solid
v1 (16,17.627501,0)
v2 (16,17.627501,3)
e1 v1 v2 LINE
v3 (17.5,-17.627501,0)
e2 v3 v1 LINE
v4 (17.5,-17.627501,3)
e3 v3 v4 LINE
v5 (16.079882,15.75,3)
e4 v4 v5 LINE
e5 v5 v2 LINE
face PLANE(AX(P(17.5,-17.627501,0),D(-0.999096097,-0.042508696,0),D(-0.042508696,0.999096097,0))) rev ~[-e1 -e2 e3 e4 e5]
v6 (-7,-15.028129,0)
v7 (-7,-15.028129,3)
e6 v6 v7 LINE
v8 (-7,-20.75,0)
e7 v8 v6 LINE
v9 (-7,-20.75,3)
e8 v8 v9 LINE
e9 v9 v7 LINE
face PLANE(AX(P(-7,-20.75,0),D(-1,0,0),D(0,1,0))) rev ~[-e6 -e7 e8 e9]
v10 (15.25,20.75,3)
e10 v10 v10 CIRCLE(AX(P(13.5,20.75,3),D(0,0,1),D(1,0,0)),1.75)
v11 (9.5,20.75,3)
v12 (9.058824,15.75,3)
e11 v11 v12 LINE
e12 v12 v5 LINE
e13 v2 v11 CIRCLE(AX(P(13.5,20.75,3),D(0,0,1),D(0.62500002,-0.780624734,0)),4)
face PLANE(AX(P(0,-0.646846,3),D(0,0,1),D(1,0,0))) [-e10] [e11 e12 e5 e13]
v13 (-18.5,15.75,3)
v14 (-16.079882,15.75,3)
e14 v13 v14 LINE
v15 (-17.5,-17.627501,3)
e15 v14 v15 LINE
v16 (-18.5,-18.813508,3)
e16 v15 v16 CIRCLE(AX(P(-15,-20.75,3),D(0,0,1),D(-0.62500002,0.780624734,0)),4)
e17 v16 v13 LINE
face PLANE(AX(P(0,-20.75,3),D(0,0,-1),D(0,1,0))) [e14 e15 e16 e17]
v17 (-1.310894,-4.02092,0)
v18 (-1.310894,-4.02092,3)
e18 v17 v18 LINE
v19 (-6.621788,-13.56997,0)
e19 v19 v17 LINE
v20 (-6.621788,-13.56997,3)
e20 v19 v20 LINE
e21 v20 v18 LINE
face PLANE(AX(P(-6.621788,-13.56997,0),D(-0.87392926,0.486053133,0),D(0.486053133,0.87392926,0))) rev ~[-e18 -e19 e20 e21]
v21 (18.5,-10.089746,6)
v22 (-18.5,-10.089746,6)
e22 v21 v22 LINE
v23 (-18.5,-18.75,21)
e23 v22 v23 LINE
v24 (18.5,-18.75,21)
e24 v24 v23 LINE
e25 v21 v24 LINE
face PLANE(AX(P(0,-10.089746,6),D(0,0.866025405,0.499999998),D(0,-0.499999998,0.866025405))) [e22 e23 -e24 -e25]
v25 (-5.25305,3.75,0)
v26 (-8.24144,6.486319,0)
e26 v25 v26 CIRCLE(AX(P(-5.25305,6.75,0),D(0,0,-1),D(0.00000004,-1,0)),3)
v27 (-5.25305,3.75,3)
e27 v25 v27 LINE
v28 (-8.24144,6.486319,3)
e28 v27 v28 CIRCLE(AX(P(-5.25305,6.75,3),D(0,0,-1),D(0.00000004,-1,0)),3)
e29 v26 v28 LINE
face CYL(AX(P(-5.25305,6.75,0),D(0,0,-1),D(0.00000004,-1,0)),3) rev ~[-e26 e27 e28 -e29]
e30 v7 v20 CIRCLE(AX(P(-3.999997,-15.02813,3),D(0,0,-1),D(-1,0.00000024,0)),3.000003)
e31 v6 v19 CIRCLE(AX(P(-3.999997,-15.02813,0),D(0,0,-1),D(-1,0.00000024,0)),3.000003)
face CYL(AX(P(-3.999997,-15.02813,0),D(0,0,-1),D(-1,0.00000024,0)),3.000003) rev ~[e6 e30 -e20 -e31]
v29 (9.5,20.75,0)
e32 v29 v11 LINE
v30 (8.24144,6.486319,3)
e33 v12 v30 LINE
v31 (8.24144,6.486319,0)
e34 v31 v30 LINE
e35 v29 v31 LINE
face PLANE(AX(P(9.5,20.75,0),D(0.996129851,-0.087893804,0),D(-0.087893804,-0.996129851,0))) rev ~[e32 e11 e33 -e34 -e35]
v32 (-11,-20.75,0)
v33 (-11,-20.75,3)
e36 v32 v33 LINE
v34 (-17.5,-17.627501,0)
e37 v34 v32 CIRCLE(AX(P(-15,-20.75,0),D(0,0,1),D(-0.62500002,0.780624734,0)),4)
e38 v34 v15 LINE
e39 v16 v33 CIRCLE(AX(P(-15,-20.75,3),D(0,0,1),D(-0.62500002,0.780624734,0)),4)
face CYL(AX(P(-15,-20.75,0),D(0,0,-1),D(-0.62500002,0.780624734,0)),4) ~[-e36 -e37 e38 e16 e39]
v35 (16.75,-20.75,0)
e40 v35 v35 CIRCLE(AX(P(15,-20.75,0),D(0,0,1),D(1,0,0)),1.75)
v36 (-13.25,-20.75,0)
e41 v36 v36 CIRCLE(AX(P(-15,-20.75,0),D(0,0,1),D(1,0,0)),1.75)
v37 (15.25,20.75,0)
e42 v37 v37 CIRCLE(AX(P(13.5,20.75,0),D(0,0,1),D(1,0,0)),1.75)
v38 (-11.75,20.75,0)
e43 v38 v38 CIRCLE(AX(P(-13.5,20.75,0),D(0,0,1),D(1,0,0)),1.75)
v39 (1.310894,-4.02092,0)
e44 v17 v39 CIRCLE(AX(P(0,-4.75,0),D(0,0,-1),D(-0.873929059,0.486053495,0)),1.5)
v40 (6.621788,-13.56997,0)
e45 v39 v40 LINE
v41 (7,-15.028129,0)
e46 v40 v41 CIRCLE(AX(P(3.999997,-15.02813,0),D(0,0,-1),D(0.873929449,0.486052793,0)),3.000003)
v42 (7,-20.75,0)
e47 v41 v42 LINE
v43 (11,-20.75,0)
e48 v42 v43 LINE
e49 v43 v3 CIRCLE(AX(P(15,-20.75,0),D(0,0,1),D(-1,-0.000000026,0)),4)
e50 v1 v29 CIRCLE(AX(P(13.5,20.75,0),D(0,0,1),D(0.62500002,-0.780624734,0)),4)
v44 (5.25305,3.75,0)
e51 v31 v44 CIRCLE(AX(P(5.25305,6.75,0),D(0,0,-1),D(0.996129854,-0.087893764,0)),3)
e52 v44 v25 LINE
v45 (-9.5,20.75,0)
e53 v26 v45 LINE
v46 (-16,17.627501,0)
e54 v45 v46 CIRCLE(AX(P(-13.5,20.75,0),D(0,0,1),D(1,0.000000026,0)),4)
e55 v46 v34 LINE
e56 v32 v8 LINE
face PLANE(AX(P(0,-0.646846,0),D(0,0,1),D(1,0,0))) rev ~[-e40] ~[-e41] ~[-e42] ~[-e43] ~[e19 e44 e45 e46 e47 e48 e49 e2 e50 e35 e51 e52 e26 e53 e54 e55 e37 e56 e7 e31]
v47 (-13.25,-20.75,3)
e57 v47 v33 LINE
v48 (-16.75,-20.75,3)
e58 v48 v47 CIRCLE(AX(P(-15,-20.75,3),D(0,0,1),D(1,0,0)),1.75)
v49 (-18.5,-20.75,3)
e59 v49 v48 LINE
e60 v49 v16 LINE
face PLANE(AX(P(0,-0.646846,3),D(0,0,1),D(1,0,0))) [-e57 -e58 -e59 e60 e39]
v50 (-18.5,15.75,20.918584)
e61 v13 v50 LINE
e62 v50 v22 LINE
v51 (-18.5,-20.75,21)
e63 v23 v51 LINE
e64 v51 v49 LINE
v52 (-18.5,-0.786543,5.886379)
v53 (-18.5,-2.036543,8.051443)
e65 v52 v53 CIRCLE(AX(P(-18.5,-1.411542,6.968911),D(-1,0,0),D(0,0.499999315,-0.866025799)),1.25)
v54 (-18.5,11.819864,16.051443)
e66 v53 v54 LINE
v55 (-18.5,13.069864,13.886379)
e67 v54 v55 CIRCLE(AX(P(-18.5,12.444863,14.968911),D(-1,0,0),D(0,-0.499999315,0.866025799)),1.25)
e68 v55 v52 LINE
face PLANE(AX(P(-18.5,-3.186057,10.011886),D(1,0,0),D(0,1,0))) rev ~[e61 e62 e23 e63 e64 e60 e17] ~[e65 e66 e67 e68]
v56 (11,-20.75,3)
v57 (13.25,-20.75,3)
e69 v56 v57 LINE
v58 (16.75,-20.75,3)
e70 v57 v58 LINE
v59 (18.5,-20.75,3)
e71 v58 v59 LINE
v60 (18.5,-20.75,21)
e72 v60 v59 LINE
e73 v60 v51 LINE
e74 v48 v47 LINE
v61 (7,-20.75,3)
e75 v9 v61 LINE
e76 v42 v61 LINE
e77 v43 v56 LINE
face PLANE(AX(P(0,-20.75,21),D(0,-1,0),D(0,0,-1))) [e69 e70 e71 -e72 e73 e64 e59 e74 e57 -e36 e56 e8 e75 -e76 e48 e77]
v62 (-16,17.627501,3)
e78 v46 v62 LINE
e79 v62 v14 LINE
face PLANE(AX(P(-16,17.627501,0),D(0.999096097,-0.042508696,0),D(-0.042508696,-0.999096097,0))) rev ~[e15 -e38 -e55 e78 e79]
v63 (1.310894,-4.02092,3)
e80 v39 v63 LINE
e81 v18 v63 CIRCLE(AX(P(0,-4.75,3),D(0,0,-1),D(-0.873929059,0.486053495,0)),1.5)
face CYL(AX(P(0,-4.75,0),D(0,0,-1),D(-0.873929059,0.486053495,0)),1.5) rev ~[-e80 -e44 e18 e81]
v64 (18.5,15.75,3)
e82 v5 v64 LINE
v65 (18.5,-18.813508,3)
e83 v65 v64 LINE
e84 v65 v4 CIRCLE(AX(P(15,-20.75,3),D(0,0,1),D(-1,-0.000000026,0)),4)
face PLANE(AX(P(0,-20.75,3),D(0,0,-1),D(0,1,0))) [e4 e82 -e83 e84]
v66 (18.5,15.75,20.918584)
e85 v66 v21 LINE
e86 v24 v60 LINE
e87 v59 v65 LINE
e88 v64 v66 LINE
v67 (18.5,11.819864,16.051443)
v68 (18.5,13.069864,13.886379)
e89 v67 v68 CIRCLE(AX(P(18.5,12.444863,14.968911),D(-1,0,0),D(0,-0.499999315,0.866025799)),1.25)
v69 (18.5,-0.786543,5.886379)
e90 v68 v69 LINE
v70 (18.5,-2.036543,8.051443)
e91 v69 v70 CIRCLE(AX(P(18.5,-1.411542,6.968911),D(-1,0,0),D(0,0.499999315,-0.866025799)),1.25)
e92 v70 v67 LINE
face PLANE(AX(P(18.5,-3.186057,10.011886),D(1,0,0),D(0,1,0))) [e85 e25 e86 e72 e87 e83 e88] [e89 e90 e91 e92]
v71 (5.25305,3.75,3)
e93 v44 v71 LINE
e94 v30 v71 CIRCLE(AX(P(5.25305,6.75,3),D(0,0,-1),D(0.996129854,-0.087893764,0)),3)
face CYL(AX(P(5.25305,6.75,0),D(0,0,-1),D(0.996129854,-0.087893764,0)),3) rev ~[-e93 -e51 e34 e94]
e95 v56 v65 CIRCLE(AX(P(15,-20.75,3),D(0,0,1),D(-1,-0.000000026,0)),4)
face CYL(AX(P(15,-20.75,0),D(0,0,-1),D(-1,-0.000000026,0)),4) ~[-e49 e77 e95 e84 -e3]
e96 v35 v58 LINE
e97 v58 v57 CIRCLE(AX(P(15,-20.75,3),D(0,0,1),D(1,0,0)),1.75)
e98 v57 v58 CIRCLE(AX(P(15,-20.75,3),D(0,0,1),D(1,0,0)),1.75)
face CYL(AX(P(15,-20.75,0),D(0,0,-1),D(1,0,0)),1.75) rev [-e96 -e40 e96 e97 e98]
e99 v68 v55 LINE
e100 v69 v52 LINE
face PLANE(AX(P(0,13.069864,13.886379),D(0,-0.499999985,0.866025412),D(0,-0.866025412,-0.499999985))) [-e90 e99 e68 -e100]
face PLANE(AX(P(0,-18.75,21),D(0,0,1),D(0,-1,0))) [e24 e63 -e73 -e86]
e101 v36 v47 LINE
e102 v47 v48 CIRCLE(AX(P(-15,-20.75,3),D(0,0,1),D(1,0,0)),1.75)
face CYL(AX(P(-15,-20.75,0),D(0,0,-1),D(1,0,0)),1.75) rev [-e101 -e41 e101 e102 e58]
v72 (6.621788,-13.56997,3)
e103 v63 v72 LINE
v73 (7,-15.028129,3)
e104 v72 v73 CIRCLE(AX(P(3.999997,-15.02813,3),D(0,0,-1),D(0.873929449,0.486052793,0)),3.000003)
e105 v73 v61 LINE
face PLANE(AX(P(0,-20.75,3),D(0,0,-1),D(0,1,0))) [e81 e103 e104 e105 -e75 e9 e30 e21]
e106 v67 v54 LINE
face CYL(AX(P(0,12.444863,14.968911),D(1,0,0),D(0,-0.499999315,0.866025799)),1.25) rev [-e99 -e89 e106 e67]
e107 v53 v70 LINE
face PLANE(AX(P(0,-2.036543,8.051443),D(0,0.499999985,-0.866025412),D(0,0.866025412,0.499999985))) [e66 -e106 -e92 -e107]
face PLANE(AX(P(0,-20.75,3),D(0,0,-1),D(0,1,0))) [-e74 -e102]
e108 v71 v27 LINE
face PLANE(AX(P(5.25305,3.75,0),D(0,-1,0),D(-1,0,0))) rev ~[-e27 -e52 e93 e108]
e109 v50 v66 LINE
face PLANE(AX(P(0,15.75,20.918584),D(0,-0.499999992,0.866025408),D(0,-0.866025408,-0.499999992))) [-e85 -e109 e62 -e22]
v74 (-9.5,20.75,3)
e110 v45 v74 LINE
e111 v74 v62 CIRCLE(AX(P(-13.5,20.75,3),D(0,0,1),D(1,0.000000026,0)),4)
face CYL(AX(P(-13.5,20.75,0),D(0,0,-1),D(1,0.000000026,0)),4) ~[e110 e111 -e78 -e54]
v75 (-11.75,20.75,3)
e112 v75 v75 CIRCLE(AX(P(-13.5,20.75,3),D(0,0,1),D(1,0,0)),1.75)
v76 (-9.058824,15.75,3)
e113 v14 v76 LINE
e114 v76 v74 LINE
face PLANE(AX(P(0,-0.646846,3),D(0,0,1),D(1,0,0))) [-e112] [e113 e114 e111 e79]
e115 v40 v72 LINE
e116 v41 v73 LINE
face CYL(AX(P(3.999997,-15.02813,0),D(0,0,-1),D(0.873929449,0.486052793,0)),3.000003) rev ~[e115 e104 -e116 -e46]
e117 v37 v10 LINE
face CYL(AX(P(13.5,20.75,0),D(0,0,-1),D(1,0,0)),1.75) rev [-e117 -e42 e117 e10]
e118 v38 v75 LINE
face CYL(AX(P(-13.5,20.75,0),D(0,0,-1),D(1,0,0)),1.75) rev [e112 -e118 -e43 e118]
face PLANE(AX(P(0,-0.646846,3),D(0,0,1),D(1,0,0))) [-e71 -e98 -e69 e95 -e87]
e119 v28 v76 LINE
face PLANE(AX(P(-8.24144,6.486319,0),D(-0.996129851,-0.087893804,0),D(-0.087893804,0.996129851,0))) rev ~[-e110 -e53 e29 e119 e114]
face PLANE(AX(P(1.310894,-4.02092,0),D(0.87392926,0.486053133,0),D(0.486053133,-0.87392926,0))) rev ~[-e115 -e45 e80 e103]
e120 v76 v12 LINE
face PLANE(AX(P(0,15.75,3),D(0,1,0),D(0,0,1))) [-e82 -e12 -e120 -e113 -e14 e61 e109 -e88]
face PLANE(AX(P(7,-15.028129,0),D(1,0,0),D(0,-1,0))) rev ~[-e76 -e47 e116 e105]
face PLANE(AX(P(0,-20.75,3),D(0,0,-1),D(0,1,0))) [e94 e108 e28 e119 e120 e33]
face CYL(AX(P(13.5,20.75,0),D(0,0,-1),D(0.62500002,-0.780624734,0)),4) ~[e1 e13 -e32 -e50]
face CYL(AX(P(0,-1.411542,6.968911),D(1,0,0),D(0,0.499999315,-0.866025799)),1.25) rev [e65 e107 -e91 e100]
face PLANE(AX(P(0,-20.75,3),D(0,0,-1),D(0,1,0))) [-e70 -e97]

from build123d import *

# Parameters (mm, degrees)
F0_R     = 1.75
F1_DEPTH = 3
F3_DEPTH = 18.5


with BuildPart() as f1:
    # F0 (on Top) → F1 (new body)
    with BuildSketch(Plane.XY):
        with BuildLine():
            ThreePointArc((16, 17.627501), (15.232051, 24.355551), (9.5, 20.75))
            Line((9.5, 20.75), (8.24144, 6.486319))
            ThreePointArc((8.24144, 6.486319), (7.279001, 4.537417), (5.25305, 3.75))
            Line((5.25305, 3.75), (0, 3.75))
            Line((0, 3.75), (-5.25305, 3.75))
            ThreePointArc((-5.25305, 3.75), (-7.279001, 4.537417), (-8.24144, 6.486319))
            Line((-8.24144, 6.486319), (-9.5, 20.75))
            ThreePointArc((-9.5, 20.75), (-15.232051, 24.355551), (-16, 17.627501))
            Line((-16, 17.627501), (-17.5, -17.627501))
            ThreePointArc((-17.5, -17.627501), (-16.732051, -24.355551), (-11, -20.75))
            Line((-11, -20.75), (-7, -20.75))
            Line((-7, -20.75), (-7, -15.028129))
            ThreePointArc((-7, -15.028129), (-6.903908, -14.274924), (-6.621788, -13.56997))
            Line((-6.621788, -13.56997), (-1.310894, -4.02092))
            ThreePointArc((-1.310894, -4.02092), (0, -3.25), (1.310894, -4.02092))
            Line((1.310894, -4.02092), (6.621788, -13.56997))
            ThreePointArc((6.621788, -13.56997), (6.903908, -14.274924), (7, -15.028129))
            Line((7, -15.028129), (7, -20.75))
            Line((7, -20.75), (11, -20.75))
            ThreePointArc((11, -20.75), (16.732051, -24.355551), (17.5, -17.627501))
            Line((17.5, -17.627501), (16, 17.627501))
        make_face()
        with Locations((-15, -20.75)):
            Circle(F0_R, mode=Mode.SUBTRACT)
        with Locations((15, -20.75)):
            Circle(F0_R, mode=Mode.SUBTRACT)
        with Locations((-13.5, 20.75)):
            Circle(F0_R, mode=Mode.SUBTRACT)
        with Locations((13.5, 20.75)):
            Circle(F0_R, mode=Mode.SUBTRACT)
    extrude(amount=F1_DEPTH)

    # F2 (on Right) → F3 (join, symmetric)
    with BuildSketch(Plane.YZ):
        Polygon((-20.75, 21), (-20.75, 3), (15.75, 3), (15.75, 20.918584), (-10.089746, 6), (-18.75, 21), align=None)
        with BuildLine():
            Line((-2.036543, 8.051443), (11.819864, 16.051443))
            ThreePointArc((11.819864, 16.051443), (13.527395, 15.593911), (13.069864, 13.886379))
            Line((13.069864, 13.886379), (-0.786543, 5.886379))
            ThreePointArc((-0.786543, 5.886379), (-2.494074, 6.343911), (-2.036543, 8.051443))
        make_face(mode=Mode.SUBTRACT)
    extrude(amount=F3_DEPTH, both=True)


solid = f1.part
